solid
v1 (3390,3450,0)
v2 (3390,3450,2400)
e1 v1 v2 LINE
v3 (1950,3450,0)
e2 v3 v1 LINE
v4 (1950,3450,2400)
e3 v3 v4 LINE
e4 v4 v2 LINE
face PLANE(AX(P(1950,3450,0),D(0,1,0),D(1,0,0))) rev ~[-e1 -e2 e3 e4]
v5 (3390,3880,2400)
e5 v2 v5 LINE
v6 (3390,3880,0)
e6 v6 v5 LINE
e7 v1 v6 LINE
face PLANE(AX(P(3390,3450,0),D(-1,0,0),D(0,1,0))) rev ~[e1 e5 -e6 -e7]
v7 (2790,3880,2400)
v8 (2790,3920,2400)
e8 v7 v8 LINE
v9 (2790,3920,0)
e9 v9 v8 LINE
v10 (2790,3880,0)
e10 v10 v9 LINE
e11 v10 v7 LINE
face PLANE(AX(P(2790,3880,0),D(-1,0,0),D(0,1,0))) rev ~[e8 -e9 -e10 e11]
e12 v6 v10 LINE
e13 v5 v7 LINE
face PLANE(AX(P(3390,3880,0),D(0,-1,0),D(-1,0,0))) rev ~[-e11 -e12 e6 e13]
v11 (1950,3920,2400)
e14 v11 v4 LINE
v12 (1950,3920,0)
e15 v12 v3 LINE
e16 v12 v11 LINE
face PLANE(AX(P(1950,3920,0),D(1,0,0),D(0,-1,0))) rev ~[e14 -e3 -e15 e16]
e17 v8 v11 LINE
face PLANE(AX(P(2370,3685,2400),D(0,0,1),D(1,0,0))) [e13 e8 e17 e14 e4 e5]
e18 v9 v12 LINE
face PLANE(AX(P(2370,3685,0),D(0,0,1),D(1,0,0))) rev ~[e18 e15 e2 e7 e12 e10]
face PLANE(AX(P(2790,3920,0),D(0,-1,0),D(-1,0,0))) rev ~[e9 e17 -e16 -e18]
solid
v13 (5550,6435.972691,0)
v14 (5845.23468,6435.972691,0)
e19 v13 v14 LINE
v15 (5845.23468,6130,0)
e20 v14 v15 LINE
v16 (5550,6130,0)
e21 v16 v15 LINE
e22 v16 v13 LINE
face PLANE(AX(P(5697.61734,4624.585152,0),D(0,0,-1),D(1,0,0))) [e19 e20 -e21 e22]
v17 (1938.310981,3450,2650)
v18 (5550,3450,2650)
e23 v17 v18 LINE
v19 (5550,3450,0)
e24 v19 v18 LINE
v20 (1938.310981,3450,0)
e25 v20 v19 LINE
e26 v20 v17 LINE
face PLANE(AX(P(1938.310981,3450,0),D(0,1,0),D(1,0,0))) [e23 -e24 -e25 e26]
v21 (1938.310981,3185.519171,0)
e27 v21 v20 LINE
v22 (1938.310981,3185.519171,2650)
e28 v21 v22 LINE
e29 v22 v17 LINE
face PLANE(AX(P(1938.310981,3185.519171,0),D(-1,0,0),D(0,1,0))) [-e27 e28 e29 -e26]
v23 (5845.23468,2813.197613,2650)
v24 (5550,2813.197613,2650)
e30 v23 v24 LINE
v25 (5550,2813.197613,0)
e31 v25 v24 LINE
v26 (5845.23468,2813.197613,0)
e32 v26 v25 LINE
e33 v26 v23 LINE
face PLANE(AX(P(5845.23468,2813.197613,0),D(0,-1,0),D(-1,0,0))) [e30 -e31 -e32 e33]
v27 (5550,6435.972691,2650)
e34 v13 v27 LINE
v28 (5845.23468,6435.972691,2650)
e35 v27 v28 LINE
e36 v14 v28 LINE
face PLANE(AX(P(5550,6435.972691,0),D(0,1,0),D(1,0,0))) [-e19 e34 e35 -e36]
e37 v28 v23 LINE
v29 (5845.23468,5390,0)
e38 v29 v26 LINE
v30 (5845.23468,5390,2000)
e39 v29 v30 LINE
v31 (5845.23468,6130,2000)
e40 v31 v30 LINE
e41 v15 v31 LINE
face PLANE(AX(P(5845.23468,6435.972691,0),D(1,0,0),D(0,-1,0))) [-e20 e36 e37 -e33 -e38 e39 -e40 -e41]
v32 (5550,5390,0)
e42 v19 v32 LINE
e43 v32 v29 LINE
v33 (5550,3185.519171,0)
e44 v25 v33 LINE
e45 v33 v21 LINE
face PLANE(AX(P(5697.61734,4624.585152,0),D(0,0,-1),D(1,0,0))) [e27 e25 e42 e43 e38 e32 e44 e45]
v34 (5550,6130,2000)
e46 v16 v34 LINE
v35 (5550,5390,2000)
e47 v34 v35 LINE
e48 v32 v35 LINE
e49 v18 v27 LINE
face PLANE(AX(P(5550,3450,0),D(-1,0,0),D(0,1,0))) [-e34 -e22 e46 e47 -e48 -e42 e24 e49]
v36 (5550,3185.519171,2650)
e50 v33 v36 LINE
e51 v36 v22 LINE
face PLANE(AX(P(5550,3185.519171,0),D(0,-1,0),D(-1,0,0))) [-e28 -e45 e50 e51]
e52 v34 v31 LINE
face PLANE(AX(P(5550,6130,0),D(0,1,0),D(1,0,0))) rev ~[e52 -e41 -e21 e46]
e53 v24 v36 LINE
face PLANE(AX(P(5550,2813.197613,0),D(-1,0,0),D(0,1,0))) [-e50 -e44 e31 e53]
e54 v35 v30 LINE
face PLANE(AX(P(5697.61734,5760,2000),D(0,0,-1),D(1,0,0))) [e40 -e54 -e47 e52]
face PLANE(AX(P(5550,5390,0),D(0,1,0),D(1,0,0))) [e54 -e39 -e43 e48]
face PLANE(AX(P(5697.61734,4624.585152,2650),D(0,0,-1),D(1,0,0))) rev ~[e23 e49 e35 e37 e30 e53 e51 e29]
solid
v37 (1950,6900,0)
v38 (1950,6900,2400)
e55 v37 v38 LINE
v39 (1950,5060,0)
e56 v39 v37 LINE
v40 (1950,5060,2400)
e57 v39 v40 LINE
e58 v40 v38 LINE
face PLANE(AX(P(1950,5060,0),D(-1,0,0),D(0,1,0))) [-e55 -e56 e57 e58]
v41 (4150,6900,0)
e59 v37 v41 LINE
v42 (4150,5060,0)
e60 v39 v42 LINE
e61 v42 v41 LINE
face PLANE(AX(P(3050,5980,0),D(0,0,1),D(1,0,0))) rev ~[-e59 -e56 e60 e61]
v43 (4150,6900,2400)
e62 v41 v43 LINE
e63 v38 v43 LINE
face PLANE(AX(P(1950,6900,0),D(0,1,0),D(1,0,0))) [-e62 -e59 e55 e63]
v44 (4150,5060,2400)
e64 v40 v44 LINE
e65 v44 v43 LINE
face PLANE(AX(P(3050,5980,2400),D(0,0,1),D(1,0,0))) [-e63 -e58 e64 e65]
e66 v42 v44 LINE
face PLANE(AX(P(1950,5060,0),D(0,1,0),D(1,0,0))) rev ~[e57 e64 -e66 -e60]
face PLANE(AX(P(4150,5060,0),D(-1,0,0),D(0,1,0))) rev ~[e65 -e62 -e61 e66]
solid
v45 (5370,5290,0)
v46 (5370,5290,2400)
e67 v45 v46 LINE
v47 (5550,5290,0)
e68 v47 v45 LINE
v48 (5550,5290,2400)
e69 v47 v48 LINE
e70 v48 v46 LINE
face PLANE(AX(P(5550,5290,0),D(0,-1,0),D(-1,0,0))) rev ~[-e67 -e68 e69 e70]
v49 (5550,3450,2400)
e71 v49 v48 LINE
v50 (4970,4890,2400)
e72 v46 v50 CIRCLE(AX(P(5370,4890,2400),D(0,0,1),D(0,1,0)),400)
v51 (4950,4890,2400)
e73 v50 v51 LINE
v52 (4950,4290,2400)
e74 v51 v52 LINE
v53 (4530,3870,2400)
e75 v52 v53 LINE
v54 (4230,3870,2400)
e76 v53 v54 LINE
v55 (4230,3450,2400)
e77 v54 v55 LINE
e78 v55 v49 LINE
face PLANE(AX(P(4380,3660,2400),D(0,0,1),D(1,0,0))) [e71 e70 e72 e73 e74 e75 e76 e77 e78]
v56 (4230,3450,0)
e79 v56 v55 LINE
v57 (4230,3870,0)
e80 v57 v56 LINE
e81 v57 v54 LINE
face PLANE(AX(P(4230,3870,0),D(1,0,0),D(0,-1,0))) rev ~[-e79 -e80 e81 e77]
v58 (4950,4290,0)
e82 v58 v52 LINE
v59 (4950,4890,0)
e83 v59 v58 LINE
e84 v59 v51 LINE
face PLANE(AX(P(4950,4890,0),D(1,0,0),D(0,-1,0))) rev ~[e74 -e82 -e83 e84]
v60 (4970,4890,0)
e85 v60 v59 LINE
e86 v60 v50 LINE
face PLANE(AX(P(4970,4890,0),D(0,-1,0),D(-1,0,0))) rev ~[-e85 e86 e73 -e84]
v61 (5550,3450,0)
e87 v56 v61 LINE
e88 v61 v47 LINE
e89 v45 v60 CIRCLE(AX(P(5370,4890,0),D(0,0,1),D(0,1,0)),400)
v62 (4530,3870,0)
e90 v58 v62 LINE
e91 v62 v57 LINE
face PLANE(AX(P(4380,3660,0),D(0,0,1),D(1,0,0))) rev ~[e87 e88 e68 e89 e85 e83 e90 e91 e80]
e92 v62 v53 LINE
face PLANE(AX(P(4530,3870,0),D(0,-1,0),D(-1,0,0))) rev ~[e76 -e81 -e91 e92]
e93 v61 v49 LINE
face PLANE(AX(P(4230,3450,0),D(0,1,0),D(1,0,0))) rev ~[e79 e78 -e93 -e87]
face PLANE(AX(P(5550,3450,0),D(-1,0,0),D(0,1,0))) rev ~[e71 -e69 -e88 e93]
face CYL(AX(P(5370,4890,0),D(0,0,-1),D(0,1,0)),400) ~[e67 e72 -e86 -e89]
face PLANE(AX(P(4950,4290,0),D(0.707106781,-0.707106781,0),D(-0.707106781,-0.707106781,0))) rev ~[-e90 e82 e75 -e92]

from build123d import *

# Parameters (mm, degrees)
F1_DEPTH = 2400
F0_W     = 2200
F0_H     = 1840
F3_DEPTH = 2650
F4_W     = 295.2346801758
F4_H     = 740
F5_DEPTH = 2000


with BuildPart() as f1:
    # F0 (on Top) → F1 (new body)
    with BuildSketch(Plane.XY):
        Polygon((1950, 3920), (1950, 3450), (2790, 3450), (2790, 3880), (2790, 3920), align=None)
        Polygon((2790, 3880), (2790, 3450), (3350, 3450), (3390, 3450), (3390, 3880), align=None)
    extrude(amount=F1_DEPTH)


with BuildPart() as f1b:
    # F0 (on Top) → F1, piece 2 (new body)
    with BuildSketch(Plane.XY):
        Polygon((4250, 3450), (4530, 3450), (4530, 3870), (4230, 3870), (4230, 3450), align=None)
        Polygon((4530, 3450), (5550, 3450), (5550, 4290), (4950, 4290), (4530, 3870), align=None)
        Polygon((4950, 4290), (5550, 4290), (5550, 4890), (4970, 4890), (4950, 4890), align=None)
        with BuildLine():
            Line((4970, 4890), (5550, 4890))
            Line((5550, 4890), (5550, 5290))
            Line((5550, 5290), (5370, 5290))
            ThreePointArc((5370, 5290), (5087.1572875254, 5172.8427124746), (4970, 4890))
        make_face()
    extrude(amount=F1_DEPTH)


with BuildPart() as f1c:
    # F0 (on Top) → F1, piece 3 (new body)
    with BuildSketch(Plane.XY):
        with Locations((3050, 5980)):
            Rectangle(F0_W, F0_H)
    extrude(amount=F1_DEPTH)


with BuildPart() as f3:
    # F2 (on face) → F3 (new body)
    with BuildSketch(Plane(origin=(0, 0, 0), x_dir=(1, 0, 0), z_dir=(0, 0, -1))):
        Polygon((5550, -3185.5191707611), (5550, -3450), (5550, -5290), (5550, -6435.9726905823), (5845.2346801758, -6435.9726905823), (5845.2346801758, -2813.1976127625), (5550, -2813.1976127625), align=None)
        Polygon((1938.3109807968, -3185.5191707611), (1938.3109807968, -3450), (4230, -3450), (5550, -3450), (5550, -3185.5191707611), align=None)
    extrude(amount=-F3_DEPTH)

    # F4 (on face) → F5 (cut)
    with BuildSketch(Plane(origin=(0, 0, 0), x_dir=(1, 0, 0), z_dir=(0, 0, -1))):
        with Locations((5697.6173400879, -5760)):
            Rectangle(F4_W, F4_H)
    extrude(amount=-F5_DEPTH, mode=Mode.SUBTRACT)


solid = Compound([f1.part, f1b.part, f1c.part, f3.part])
